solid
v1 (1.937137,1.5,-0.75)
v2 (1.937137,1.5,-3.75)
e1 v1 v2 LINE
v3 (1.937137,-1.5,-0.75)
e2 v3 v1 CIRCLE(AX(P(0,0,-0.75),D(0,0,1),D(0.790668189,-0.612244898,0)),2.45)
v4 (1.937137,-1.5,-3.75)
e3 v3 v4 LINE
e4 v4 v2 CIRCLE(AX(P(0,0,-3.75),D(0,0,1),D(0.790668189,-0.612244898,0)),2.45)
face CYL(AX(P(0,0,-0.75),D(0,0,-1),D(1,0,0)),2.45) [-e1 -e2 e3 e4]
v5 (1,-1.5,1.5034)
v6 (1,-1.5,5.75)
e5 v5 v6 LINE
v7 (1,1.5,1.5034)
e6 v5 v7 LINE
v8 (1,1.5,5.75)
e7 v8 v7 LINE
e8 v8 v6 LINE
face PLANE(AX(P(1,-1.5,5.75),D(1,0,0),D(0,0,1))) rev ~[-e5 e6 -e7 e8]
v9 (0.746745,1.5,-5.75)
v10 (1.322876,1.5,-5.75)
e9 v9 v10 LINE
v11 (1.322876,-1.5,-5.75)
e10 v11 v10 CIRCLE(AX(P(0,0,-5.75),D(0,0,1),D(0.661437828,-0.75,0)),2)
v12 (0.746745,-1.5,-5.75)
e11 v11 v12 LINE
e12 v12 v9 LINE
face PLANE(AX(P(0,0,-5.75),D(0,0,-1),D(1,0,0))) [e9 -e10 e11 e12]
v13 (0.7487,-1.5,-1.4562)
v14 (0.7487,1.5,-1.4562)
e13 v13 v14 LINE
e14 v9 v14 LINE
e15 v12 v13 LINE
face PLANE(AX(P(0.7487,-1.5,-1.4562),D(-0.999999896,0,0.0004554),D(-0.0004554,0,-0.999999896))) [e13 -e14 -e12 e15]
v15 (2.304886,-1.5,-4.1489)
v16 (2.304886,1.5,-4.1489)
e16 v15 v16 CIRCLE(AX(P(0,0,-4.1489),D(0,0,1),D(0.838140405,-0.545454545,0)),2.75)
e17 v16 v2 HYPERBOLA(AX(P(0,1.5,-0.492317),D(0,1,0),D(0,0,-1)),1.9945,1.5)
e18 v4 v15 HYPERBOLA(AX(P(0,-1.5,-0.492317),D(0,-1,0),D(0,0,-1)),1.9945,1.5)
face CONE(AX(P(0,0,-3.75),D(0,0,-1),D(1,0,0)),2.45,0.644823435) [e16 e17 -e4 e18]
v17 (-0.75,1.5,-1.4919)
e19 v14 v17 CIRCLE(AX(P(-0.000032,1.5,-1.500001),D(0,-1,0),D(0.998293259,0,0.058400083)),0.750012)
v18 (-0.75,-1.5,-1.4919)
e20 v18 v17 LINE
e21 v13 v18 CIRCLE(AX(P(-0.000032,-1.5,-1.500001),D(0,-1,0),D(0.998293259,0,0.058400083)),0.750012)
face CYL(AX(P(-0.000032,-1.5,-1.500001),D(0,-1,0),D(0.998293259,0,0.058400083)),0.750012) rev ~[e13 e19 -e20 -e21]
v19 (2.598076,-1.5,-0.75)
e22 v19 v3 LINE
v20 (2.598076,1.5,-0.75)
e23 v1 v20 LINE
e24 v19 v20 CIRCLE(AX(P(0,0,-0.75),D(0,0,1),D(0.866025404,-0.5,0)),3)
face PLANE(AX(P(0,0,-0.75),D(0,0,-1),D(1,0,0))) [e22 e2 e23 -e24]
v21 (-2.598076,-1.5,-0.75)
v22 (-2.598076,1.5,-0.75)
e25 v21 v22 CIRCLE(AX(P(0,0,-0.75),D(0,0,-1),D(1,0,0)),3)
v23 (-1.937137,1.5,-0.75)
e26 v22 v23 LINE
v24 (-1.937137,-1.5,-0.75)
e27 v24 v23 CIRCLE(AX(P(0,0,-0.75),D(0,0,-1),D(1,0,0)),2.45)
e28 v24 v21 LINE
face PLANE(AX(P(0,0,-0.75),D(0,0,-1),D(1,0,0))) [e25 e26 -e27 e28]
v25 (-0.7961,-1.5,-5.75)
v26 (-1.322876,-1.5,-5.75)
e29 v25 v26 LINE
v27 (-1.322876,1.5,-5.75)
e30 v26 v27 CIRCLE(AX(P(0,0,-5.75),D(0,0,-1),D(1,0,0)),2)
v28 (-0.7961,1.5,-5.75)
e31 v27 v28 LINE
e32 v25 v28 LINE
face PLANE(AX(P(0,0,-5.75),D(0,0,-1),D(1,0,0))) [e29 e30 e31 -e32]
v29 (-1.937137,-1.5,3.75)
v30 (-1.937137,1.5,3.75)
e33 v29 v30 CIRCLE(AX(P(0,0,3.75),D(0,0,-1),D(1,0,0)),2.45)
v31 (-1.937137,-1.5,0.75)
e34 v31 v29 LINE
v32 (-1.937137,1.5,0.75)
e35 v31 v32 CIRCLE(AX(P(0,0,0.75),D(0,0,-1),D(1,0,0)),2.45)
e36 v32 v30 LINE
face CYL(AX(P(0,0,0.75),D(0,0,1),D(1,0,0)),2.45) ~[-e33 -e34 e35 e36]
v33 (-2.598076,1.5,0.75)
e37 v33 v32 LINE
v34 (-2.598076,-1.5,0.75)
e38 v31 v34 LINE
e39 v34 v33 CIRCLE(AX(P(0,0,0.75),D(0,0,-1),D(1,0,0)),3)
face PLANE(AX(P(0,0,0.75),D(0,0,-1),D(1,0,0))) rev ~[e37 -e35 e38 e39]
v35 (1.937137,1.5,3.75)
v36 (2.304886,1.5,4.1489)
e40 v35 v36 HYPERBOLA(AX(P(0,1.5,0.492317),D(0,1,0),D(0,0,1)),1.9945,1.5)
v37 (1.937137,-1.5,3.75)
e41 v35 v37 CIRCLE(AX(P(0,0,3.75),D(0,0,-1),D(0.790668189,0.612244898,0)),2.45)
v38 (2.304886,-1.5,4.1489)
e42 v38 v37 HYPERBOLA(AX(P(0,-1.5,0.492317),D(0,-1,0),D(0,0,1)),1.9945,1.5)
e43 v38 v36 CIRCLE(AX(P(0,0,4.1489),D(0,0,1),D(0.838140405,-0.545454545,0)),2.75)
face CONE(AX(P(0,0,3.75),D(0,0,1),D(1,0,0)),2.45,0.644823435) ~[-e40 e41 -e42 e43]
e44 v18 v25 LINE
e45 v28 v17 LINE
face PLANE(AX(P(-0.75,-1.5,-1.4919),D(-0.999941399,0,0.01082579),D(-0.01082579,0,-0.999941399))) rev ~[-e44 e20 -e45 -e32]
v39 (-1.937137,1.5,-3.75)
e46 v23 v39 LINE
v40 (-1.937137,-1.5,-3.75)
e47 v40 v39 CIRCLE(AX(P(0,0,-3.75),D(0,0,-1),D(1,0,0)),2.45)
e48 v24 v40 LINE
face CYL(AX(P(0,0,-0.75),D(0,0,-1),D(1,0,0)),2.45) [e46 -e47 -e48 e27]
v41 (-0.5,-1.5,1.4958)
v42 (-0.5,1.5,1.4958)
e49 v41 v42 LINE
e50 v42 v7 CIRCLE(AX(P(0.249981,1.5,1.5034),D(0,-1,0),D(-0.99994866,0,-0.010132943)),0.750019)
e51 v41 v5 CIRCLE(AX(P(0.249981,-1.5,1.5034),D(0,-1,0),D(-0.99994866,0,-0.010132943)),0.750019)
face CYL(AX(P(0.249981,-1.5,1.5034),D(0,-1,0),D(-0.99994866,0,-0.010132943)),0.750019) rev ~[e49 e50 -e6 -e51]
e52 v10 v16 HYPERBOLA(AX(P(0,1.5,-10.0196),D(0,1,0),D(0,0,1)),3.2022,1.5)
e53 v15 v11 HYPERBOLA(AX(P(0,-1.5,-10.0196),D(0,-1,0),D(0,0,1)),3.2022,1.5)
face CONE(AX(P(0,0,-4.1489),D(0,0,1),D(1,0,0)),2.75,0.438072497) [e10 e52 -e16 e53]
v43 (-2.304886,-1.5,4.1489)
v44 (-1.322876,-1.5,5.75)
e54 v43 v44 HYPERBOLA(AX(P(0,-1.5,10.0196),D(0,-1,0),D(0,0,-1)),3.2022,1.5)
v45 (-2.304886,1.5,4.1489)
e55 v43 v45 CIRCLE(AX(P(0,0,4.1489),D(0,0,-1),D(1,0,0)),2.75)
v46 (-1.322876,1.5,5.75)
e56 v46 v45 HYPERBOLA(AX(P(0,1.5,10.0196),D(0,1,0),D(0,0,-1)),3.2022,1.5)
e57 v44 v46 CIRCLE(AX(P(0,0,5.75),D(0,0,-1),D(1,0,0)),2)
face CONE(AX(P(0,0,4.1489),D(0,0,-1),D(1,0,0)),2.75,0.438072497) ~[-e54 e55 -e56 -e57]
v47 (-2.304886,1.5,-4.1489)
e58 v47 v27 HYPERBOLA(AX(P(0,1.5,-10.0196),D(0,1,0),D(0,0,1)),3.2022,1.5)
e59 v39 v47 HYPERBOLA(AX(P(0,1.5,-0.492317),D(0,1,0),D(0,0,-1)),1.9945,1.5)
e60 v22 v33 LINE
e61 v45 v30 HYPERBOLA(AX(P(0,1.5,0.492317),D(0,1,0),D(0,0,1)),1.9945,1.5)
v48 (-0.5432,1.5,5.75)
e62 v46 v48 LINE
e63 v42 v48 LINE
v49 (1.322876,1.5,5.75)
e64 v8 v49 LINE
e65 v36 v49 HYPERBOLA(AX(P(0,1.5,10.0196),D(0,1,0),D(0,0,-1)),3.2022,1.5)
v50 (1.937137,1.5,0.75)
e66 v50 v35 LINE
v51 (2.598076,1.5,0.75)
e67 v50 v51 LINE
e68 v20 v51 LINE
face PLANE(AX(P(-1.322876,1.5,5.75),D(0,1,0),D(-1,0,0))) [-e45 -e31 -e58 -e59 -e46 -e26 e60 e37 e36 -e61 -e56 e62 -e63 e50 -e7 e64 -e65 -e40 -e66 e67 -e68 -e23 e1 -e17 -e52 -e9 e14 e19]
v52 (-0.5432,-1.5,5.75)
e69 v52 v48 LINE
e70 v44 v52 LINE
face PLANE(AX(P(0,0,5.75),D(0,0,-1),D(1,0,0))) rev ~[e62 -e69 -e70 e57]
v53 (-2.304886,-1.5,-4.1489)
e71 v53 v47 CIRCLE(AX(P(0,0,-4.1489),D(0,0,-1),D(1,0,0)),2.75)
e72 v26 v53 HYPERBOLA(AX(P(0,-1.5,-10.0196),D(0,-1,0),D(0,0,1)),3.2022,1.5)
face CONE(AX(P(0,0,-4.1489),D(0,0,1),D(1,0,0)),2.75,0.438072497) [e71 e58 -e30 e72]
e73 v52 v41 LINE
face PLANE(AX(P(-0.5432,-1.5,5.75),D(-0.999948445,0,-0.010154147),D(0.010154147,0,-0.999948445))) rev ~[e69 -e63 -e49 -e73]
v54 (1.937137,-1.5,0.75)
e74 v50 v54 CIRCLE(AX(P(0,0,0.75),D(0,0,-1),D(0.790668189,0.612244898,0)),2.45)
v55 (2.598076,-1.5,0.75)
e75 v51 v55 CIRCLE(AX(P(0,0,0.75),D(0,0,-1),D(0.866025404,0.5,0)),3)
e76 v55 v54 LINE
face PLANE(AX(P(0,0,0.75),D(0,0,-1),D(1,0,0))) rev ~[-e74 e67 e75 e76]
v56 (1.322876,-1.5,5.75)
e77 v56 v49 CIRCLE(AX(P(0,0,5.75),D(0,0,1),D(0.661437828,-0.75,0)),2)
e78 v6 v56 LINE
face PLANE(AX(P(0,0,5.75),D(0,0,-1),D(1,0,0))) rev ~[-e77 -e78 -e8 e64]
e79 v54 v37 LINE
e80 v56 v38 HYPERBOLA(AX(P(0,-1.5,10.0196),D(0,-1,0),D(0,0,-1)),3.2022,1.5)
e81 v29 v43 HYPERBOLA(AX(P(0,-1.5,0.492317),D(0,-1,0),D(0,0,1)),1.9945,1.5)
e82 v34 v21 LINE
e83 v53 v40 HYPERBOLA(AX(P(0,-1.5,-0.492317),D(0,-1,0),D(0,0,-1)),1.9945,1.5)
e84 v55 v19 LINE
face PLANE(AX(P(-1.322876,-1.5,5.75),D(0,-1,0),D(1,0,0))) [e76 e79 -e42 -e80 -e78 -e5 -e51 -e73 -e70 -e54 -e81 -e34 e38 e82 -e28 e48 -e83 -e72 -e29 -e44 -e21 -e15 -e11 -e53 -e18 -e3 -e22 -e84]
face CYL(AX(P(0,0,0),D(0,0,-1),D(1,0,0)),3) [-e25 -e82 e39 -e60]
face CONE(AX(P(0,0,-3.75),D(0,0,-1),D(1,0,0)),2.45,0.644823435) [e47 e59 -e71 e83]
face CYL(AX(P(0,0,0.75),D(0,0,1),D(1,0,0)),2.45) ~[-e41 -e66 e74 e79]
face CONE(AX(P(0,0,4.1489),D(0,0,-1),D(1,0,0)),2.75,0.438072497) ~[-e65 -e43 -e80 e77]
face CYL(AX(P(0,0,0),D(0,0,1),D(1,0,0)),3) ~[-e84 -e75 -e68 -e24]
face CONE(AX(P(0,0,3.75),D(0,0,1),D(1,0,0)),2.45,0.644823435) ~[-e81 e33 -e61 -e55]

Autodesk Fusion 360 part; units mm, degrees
sketch "Sketch1" plane through (0, 0, 0) normal (0, 1, 0) x (1, 0, 0)
  line L0 (3, 0) -> (3, -0.75)
  line L1 (3, -0.75) -> (2.45, -0.75)
  line L2 (2.45, -0.75) -> (2.45, -3.75)
  line L3 (2.45, -3.75) -> (2.75, -4.1489)
  line L4 (2.75, -4.1489) -> (2, -5.75)
  line L5 (2, -5.75) -> (0, -5.75)
  line L6 (3, 0) -> (0, 0) construction
  line L7 (2.75, 4.1489) -> (2, 5.75)
  line L8 (3, 0) -> (3, 0.75)
  line L9 (2.45, 0.75) -> (2.45, 3.75)
  line L10 (2.45, 3.75) -> (2.75, 4.1489)
  line L11 (2, 5.75) -> (0, 5.75)
  line L12 (0, 0) -> (0, 6.5) construction
  line L13 (3, 0.75) -> (2.45, 0.75)
  line L14 (0, -5.75) -> (0, 5.75)
  dimension "d1" = 3
  dimension "d2" = 0.75
  dimension "d3" = 3
  dimension "d4" = 5
  dimension "d6" = 2
  dimension "d7" = 2.75
  dimension "d8" = 2.45
  dimension "d9" = 2
revolve "Revolve2" add sketch "Sketch1" angle 360 about axis through (0, 0, 5.75) along (0, 0, -1)
sketch "Sketch3" plane through (0, 0, 5.75) normal (0, 0, 1) x (-1, 0, 0)
  circle A0 centre (0, 0) radius 2
  line L0 (-5, -1.5) -> (5, -1.5)
  line L1 (5, -1.5) -> (5, 1.5)
  line L2 (5, 1.5) -> (-5, 1.5)
  line L3 (-5, 1.5) -> (-5, -1.5)
  line L4 (-5, -1.5) -> (5, 1.5) construction
  line L5 (5, -1.5) -> (-5, 1.5) construction
  line L6 (5.6117, 3.0022) -> (-6, 3.0022)
  line L7 (-6, 3.0022) -> (-6, -3)
  line L8 (-6, -3) -> (5.6117, -3)
  line L9 (5.6117, -3) -> (5.6117, 3.0022)
  circle A1 centre (0, 0) radius 2
  dimension "d12" = 10
  dimension "d13" = 3
extrude "Extrude3" cut sketch "Sketch3" against normal blind 14 contours A0 L2 A1 | A0 L0 A1 | L6 L7 L8 L9
sketch "Sketch4" plane through (0, -1.5, 0) normal (0, -1, 0) x (1, 0, 0)
  spline S0 degree 2 poles (-2.3049, 4.1489) (-1.7364, 5.1662) (-1.3229, 5.75) knots 0 0 0 0.187886 0.187886 0.187886 weights 1 1.022081 1
  spline S1 degree 2 poles (-1.9371, 3.75) (-2.1104, 3.9322) (-2.3049, 4.1489) knots 0 0 0 0.054258 0.054258 0.054258 weights 1 1.00251 1
  line L0 (-1.9371, 3.75) -> (-1.9371, 0.75)
  line L1 (-1.9371, 0.75) -> (-2.5981, 0.75)
  line L2 (-2.5981, 0.75) -> (-2.5981, -0.75)
  line L3 (-2.5981, -0.75) -> (-1.9371, -0.75)
  line L4 (-1.9371, -0.75) -> (-1.9371, -3.75)
  spline S2 degree 2 poles (-2.3049, -4.1489) (-2.1104, -3.9322) (-1.9371, -3.75) knots 0 0 0 0.054258 0.054258 0.054258 weights 1 1.00251 1
  spline S3 degree 2 poles (-1.3229, -5.75) (-1.7364, -5.1662) (-2.3049, -4.1489) knots 0 0 0 0.187886 0.187886 0.187886 weights 1 1.022081 1
  line L5 (-1.3229, -5.75) -> (1.3229, -5.75)
  spline S4 degree 2 poles (2.3049, -4.1489) (1.7364, -5.1662) (1.3229, -5.75) knots 0 0 0 0.187886 0.187886 0.187886 weights 1 1.022081 1
  spline S5 degree 2 poles (1.9371, -3.75) (2.1104, -3.9322) (2.3049, -4.1489) knots 0 0 0 0.054258 0.054258 0.054258 weights 1 1.00251 1
  line L6 (1.9371, -3.75) -> (1.9371, -0.75)
  line L7 (1.9371, -0.75) -> (2.5981, -0.75)
  line L8 (2.5981, -0.75) -> (2.5981, 0.75)
  line L9 (2.5981, 0.75) -> (1.9371, 0.75)
  line L10 (1.9371, 0.75) -> (1.9371, 3.75)
  spline S6 degree 2 poles (2.3049, 4.1489) (2.1104, 3.9322) (1.9371, 3.75) knots 0 0 0 0.054258 0.054258 0.054258 weights 1 1.00251 1
  spline S7 degree 2 poles (1.3229, 5.75) (1.7364, 5.1662) (2.3049, 4.1489) knots 0 0 0 0.187886 0.187886 0.187886 weights 1 1.022081 1
  line L11 (1.3229, 5.75) -> (-1.3229, 5.75)
  circle A0 centre (0, 0) radius 1.5 construction
  line L12 (-0.5432, 5.75) -> (-0.5, 1.4958)
  line L13 (2, 5.75) -> (0, 5.75)
  line L14 (1, 5.75) -> (1, 1.5034)
  line L15 (2, -5.75) -> (0, -5.75)
  line L16 (-0.75, -1.4919) -> (-0.7961, -5.75)
  arc A1 (0.7487, -1.4562) -> (-0.75, -1.4919) centre (0, -1.5) ccw
  line L17 (-0.7961, -5.75) -> (-0.7961, -6.4979)
  line L18 (-0.7961, -6.4979) -> (0.7464, -6.5067)
  line L19 (-0.5432, 5.75) -> (-0.5402, 6.4921)
  line L20 (-0.5402, 6.4921) -> (1, 6.5078)
  line L21 (1, 5.75) -> (1, 6.5078)
  arc A2 (-0.5, 1.4958) -> (1, 1.5034) centre (0.25, 1.5034) ccw
  spline S8 degree 2 poles (-2.3049, 4.1489) (-1.7364, 5.1662) (-1.3229, 5.75) knots 0 0 0 0.187886 0.187886 0.187886 weights 1 1.022081 1
  spline S9 degree 2 poles (-1.9371, 3.75) (-2.1104, 3.9322) (-2.3049, 4.1489) knots 0 0 0 0.054258 0.054258 0.054258 weights 1 1.00251 1
  line L22 (-1.9371, 3.75) -> (-1.9371, 0.75)
  line L23 (-1.9371, 0.75) -> (-2.5981, 0.75)
  line L24 (-2.5981, 0.75) -> (-2.5981, -0.75)
  line L25 (-2.5981, -0.75) -> (-1.9371, -0.75)
  line L26 (-1.9371, -0.75) -> (-1.9371, -3.75)
  spline S10 degree 2 poles (-2.3049, -4.1489) (-2.1104, -3.9322) (-1.9371, -3.75) knots 0 0 0 0.054258 0.054258 0.054258 weights 1 1.00251 1
  spline S11 degree 2 poles (-1.3229, -5.75) (-1.7364, -5.1662) (-2.3049, -4.1489) knots 0 0 0 0.187886 0.187886 0.187886 weights 1 1.022081 1
  line L27 (-1.3229, -5.75) -> (1.3229, -5.75)
  spline S12 degree 2 poles (2.3049, -4.1489) (1.7364, -5.1662) (1.3229, -5.75) knots 0 0 0 0.187886 0.187886 0.187886 weights 1 1.022081 1
  spline S13 degree 2 poles (1.9371, -3.75) (2.1104, -3.9322) (2.3049, -4.1489) knots 0 0 0 0.054258 0.054258 0.054258 weights 1 1.00251 1
  line L28 (1.9371, -3.75) -> (1.9371, -0.75)
  line L29 (1.9371, -0.75) -> (2.5981, -0.75)
  line L30 (2.5981, -0.75) -> (2.5981, 0.75)
  line L31 (2.5981, 0.75) -> (1.9371, 0.75)
  line L32 (1.9371, 0.75) -> (1.9371, 3.75)
  spline S14 degree 2 poles (2.3049, 4.1489) (2.1104, 3.9322) (1.9371, 3.75) knots 0 0 0 0.054258 0.054258 0.054258 weights 1 1.00251 1
  spline S15 degree 2 poles (1.3229, 5.75) (1.7364, 5.1662) (2.3049, 4.1489) knots 0 0 0 0.187886 0.187886 0.187886 weights 1 1.022081 1
  line L33 (1.3229, 5.75) -> (-1.3229, 5.75)
  line L34 (0.7487, -1.4562) -> (0.7464, -6.5067)
  dimension "d16" = 3
  dimension "d17" = 1.5
  dimension "d18" = 1.5
extrude "Extrude4" cut sketch "Sketch4" against normal blind 6 contours L11 L13 L19 L20 L21 L33 | L11 L12 L13 L14 A2 L33 | L5 L15 L16 A1 L27 L34 | L5 L15 L17 L18 L27 L34
equation "d2 = 0.8 mm - 0.05 mm"
